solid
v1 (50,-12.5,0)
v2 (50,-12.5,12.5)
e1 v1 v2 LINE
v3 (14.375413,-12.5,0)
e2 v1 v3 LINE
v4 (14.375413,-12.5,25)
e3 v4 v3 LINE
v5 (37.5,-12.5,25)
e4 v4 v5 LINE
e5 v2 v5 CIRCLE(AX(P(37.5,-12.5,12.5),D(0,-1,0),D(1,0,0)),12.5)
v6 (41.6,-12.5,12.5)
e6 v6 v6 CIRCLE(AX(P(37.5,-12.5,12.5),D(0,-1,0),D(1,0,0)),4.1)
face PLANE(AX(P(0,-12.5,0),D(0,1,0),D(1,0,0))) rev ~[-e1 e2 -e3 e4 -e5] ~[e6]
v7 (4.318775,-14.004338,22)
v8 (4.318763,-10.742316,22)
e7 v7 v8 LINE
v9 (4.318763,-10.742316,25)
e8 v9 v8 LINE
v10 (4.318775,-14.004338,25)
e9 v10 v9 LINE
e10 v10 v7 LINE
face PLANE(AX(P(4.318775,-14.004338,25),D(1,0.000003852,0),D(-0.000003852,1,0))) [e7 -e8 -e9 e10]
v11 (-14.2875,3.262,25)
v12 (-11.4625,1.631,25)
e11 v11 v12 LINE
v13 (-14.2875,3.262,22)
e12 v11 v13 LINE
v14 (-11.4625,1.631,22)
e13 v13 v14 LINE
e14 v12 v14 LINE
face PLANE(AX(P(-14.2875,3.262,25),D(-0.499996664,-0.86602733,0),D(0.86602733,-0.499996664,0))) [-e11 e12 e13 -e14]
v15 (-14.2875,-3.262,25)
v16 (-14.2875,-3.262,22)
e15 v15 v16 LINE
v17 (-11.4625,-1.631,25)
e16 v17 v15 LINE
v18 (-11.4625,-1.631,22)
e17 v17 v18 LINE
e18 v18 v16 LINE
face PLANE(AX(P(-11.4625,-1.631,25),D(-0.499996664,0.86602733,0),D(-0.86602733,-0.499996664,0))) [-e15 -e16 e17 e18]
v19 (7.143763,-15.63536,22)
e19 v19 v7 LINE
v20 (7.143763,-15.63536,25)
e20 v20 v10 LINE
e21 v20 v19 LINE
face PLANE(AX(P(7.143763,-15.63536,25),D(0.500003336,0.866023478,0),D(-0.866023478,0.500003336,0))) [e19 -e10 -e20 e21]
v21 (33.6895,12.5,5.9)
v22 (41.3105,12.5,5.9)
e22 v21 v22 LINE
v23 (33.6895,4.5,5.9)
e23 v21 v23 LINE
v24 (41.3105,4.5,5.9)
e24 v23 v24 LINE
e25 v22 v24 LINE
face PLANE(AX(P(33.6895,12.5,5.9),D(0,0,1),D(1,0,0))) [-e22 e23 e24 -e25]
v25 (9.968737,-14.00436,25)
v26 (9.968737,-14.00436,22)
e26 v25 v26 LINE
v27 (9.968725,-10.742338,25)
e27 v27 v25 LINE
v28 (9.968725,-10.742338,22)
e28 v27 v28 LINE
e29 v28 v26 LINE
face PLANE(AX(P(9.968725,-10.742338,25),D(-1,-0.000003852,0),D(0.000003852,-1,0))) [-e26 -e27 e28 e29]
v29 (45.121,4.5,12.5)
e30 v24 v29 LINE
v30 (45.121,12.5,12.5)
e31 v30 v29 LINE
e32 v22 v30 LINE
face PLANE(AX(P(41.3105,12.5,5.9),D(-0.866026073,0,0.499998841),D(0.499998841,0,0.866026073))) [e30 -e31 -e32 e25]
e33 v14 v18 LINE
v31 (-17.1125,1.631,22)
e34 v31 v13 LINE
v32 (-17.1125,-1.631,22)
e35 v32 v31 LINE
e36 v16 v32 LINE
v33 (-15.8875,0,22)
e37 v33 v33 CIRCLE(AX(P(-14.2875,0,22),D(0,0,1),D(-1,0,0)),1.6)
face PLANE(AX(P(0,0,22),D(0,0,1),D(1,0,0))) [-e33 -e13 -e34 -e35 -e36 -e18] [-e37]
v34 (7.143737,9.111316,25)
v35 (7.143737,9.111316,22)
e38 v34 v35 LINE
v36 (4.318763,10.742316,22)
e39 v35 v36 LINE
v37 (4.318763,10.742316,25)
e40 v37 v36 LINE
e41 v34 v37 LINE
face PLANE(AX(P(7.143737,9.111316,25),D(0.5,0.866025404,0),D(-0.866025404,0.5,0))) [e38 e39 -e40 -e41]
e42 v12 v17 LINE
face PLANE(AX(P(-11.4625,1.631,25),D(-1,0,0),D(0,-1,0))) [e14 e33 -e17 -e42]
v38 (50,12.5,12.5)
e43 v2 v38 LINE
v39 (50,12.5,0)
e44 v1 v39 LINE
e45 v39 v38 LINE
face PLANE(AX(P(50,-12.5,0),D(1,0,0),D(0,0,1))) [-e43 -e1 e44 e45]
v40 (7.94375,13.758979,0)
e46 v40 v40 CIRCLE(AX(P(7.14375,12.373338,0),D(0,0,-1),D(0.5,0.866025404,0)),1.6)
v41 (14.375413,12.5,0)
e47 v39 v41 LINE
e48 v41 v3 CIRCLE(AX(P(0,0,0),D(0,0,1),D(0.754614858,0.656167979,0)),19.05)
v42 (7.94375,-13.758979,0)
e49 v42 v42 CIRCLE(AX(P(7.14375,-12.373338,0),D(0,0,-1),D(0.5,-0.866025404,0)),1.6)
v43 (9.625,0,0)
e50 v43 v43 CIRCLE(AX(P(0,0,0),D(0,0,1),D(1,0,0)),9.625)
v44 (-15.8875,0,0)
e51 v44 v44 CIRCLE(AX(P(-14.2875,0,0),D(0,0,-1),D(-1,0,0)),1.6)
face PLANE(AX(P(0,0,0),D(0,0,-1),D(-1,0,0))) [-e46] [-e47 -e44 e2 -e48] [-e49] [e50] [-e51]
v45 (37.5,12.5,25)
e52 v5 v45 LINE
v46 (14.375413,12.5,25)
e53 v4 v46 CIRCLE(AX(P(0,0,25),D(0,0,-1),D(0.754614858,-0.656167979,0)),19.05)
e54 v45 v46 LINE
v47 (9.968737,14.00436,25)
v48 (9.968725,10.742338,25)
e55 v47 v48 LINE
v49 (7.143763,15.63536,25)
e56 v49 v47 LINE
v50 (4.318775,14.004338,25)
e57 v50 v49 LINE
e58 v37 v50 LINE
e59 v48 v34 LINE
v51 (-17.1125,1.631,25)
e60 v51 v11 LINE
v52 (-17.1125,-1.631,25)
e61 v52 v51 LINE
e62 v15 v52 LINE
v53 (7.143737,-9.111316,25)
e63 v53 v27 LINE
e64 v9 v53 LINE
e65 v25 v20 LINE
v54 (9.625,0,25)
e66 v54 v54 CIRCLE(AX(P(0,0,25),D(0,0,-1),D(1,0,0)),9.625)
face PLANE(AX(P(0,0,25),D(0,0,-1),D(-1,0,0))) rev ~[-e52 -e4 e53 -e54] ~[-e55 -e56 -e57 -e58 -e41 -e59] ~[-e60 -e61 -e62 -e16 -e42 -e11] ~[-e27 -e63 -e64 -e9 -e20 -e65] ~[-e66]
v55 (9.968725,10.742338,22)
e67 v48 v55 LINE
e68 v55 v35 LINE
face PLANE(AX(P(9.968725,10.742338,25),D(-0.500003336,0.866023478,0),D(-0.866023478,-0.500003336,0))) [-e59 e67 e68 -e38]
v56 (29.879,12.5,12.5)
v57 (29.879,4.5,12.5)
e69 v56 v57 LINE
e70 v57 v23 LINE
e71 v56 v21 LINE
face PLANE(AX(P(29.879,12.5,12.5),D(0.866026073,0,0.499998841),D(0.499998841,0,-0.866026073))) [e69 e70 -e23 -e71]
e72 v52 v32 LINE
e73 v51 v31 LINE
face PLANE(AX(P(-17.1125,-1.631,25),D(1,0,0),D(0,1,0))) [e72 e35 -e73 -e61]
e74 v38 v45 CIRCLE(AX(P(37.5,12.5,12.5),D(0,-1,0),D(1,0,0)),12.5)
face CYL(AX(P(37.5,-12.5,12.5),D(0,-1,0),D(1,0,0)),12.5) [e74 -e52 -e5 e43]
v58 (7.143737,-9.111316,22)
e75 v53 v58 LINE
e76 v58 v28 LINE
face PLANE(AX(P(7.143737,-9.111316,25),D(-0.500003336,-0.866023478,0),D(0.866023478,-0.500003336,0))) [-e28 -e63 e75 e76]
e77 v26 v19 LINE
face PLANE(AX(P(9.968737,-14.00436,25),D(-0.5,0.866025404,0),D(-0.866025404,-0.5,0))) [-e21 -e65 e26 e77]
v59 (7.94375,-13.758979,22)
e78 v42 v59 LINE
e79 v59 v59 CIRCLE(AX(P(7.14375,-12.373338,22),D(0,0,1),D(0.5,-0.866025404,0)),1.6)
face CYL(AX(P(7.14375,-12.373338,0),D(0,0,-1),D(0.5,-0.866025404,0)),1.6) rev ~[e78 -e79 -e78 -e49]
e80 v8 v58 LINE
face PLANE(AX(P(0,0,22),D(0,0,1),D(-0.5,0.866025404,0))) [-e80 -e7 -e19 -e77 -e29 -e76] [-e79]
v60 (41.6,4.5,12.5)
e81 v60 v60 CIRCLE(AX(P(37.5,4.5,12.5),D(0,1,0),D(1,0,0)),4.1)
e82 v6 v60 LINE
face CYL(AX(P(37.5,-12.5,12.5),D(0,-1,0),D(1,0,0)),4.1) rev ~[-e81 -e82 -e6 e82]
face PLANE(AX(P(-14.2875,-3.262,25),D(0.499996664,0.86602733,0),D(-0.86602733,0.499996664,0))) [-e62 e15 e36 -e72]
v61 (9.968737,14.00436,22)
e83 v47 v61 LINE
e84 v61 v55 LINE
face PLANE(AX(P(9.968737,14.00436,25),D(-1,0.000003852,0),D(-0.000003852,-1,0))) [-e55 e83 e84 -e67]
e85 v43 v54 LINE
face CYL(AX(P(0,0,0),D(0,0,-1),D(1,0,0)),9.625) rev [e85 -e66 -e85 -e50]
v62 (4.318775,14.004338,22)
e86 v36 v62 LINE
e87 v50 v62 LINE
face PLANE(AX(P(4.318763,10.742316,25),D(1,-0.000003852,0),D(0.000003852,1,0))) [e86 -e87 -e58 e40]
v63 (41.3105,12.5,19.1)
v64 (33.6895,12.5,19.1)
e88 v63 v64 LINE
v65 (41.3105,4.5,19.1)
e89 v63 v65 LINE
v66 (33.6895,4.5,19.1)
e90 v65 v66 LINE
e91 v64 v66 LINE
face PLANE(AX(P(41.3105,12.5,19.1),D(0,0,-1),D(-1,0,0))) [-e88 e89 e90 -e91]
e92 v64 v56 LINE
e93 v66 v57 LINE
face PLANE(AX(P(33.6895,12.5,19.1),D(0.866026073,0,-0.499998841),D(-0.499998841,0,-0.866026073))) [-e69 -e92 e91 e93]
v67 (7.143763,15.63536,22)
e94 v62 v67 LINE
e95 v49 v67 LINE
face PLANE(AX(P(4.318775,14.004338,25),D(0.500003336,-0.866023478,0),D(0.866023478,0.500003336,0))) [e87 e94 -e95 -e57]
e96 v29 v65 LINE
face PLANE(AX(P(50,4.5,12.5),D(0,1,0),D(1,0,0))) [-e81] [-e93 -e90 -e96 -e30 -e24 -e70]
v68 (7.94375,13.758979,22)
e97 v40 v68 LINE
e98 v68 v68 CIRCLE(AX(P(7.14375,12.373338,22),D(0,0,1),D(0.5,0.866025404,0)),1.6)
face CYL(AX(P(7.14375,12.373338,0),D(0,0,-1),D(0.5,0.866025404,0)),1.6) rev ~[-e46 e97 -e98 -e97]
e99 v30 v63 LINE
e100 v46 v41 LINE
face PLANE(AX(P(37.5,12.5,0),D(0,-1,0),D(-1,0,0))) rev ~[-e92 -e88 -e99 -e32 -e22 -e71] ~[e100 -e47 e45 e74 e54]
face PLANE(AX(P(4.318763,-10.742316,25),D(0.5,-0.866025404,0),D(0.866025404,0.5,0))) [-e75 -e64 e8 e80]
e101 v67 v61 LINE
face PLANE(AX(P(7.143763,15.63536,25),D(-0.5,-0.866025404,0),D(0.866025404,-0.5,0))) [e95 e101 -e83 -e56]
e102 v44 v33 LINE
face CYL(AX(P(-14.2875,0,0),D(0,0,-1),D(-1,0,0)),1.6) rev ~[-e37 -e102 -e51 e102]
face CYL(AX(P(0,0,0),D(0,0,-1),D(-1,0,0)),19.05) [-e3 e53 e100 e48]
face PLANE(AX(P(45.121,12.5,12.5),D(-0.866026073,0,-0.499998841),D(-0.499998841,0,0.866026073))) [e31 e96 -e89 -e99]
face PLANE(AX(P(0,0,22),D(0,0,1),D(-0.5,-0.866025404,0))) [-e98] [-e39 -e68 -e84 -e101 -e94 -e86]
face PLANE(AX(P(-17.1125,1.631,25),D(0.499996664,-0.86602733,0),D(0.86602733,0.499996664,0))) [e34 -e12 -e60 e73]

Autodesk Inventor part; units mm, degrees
ref_plane "YZ Plane" through (0, 0, 0) normal (1, 0, 0) x (0, 1, 0)
ref_plane "XZ Plane" through (0, 0, 0) normal (0, 1, 0) x (-1, 0, 0)
ref_plane "XY Plane" through (0, 0, 0) normal (0, 0, 1) x (1, 0, 0)
sketch "Sketch1" plane through (0, 0, 0) normal (0, 0, 1) x (1, 0, 0)
  circle A0 centre (0, 0) radius 9.625
  arc A1 (0, 12.5) -> (0, -12.5) centre (0, 0) ccw
  line L0 (0, -12.5) -> (37.5, -12.5)
  line L1 (37.5, -12.5) -> (37.5, 12.5)
  line L2 (37.5, 12.5) -> (0, 12.5)
  line L3 (37.5, 0) -> (9.625, 0) construction
  dimension "d0" = 19.25
  dimension "d2" = 25
  dimension "d4" = 37.5
extrude "Extrusion1" add sketch "Sketch1" along normal blind 25
sketch "Sketch2" plane through (0, -12.5, 0) normal (0, -1, 0) x (1, 0, 0)
  line L0 (37.5, 0) -> (37.5, 25) projected
  line L1 (0, 25) -> (37.5, 25) projected
  line L2 (0, 0) -> (0, 25) projected
  line L3 (37.5, 0) -> (50, 0)
  line L4 (50, 0) -> (50, 12.5)
  arc A0 (50, 12.5) -> (37.5, 25) centre (37.5, 12.5) ccw
extrude "Extrusion2" add sketch "Sketch2" against normal up to surface (25 mm away)
sketch "Sketch3" plane through (0, -12.5, 0) normal (0, -1, 0) x (1, 0, 0)
  arc A0 (50, 12.5) -> (37.5, 25) centre (37.5, 12.5) ccw projected
  circle A1 centre (37.5, 12.5) radius 4.1
  dimension "d9" = 8.2
extrude "Extrusion3" cut sketch "Sketch3" against normal through all
sketch "Sketch10" plane through (50, 12.5, 12.5) normal (0, 1, 0) x (1, 0, 0)
  circle A0 centre (-12.5, 0) radius 4.1 projected
  line L0 (-20.121, 0) -> (-16.3105, 6.6)
  line L1 (-16.3105, 6.6) -> (-8.6895, 6.6)
  line L2 (-8.6895, 6.6) -> (-4.879, 0)
  line L3 (-4.879, 0) -> (-8.6895, -6.6)
  line L4 (-8.6895, -6.6) -> (-16.3105, -6.6)
  line L5 (-16.3105, -6.6) -> (-20.121, 0)
  point P0 (-50, 12.5)
  point P1 (-12.5, 6.6)
  dimension "d47" = 13.2
extrude "Extrusion10" cut sketch "Sketch10" against normal blind 8
sketch "Sketch11" plane through (0, 0, 0) normal (0, 0, -1) x (-1, 0, 0)
  circle A0 centre (0, 0) radius 9.625 projected
  arc A1 (0, -12.5) -> (0, 12.5) centre (0, 0) ccw projected
  circle A2 centre (0, 0) radius 19.05
  dimension "d50" = 38.1
extrude "Extrusion11" add sketch "Sketch11" against normal up to surface (25 mm away)
sketch "Sketch12" plane through (0, 0, 0) normal (0, 0, -1) x (-1, 0, 0)
  arc A0 (-14.3754, -12.5) -> (-14.3754, 12.5) centre (0, 0) ccw projected
  circle A1 centre (14.2875, 0) radius 1.6
  dimension "d55" = 14.2875
  dimension "d56" = 3.2
extrude "Extrusion12" cut sketch "Sketch12" against normal through all
sketch "Sketch13" plane through (0, 0, 25) normal (0, 0, 1) x (1, 0, 0)
  circle A0 centre (-14.2875, 0) radius 1.6 projected
  line L0 (-14.2875, 3.262) -> (-11.4625, 1.631)
  line L1 (-11.4625, 1.631) -> (-11.4625, -1.631)
  line L2 (-11.4625, -1.631) -> (-14.2875, -3.262)
  line L3 (-14.2875, -3.262) -> (-17.1125, -1.631)
  line L4 (-17.1125, -1.631) -> (-17.1125, 1.631)
  line L5 (-17.1125, 1.631) -> (-14.2875, 3.262)
  dimension "d59" = 5.65
extrude "Extrusion13" cut sketch "Sketch13" against normal blind 3
pattern_circular "Circular Pattern3" count 3 over 360 about axis through (0, 0, 0) along (0, 0, 1) of "Extrusion13", "Extrusion12"
properties part number "SHOULDER"
